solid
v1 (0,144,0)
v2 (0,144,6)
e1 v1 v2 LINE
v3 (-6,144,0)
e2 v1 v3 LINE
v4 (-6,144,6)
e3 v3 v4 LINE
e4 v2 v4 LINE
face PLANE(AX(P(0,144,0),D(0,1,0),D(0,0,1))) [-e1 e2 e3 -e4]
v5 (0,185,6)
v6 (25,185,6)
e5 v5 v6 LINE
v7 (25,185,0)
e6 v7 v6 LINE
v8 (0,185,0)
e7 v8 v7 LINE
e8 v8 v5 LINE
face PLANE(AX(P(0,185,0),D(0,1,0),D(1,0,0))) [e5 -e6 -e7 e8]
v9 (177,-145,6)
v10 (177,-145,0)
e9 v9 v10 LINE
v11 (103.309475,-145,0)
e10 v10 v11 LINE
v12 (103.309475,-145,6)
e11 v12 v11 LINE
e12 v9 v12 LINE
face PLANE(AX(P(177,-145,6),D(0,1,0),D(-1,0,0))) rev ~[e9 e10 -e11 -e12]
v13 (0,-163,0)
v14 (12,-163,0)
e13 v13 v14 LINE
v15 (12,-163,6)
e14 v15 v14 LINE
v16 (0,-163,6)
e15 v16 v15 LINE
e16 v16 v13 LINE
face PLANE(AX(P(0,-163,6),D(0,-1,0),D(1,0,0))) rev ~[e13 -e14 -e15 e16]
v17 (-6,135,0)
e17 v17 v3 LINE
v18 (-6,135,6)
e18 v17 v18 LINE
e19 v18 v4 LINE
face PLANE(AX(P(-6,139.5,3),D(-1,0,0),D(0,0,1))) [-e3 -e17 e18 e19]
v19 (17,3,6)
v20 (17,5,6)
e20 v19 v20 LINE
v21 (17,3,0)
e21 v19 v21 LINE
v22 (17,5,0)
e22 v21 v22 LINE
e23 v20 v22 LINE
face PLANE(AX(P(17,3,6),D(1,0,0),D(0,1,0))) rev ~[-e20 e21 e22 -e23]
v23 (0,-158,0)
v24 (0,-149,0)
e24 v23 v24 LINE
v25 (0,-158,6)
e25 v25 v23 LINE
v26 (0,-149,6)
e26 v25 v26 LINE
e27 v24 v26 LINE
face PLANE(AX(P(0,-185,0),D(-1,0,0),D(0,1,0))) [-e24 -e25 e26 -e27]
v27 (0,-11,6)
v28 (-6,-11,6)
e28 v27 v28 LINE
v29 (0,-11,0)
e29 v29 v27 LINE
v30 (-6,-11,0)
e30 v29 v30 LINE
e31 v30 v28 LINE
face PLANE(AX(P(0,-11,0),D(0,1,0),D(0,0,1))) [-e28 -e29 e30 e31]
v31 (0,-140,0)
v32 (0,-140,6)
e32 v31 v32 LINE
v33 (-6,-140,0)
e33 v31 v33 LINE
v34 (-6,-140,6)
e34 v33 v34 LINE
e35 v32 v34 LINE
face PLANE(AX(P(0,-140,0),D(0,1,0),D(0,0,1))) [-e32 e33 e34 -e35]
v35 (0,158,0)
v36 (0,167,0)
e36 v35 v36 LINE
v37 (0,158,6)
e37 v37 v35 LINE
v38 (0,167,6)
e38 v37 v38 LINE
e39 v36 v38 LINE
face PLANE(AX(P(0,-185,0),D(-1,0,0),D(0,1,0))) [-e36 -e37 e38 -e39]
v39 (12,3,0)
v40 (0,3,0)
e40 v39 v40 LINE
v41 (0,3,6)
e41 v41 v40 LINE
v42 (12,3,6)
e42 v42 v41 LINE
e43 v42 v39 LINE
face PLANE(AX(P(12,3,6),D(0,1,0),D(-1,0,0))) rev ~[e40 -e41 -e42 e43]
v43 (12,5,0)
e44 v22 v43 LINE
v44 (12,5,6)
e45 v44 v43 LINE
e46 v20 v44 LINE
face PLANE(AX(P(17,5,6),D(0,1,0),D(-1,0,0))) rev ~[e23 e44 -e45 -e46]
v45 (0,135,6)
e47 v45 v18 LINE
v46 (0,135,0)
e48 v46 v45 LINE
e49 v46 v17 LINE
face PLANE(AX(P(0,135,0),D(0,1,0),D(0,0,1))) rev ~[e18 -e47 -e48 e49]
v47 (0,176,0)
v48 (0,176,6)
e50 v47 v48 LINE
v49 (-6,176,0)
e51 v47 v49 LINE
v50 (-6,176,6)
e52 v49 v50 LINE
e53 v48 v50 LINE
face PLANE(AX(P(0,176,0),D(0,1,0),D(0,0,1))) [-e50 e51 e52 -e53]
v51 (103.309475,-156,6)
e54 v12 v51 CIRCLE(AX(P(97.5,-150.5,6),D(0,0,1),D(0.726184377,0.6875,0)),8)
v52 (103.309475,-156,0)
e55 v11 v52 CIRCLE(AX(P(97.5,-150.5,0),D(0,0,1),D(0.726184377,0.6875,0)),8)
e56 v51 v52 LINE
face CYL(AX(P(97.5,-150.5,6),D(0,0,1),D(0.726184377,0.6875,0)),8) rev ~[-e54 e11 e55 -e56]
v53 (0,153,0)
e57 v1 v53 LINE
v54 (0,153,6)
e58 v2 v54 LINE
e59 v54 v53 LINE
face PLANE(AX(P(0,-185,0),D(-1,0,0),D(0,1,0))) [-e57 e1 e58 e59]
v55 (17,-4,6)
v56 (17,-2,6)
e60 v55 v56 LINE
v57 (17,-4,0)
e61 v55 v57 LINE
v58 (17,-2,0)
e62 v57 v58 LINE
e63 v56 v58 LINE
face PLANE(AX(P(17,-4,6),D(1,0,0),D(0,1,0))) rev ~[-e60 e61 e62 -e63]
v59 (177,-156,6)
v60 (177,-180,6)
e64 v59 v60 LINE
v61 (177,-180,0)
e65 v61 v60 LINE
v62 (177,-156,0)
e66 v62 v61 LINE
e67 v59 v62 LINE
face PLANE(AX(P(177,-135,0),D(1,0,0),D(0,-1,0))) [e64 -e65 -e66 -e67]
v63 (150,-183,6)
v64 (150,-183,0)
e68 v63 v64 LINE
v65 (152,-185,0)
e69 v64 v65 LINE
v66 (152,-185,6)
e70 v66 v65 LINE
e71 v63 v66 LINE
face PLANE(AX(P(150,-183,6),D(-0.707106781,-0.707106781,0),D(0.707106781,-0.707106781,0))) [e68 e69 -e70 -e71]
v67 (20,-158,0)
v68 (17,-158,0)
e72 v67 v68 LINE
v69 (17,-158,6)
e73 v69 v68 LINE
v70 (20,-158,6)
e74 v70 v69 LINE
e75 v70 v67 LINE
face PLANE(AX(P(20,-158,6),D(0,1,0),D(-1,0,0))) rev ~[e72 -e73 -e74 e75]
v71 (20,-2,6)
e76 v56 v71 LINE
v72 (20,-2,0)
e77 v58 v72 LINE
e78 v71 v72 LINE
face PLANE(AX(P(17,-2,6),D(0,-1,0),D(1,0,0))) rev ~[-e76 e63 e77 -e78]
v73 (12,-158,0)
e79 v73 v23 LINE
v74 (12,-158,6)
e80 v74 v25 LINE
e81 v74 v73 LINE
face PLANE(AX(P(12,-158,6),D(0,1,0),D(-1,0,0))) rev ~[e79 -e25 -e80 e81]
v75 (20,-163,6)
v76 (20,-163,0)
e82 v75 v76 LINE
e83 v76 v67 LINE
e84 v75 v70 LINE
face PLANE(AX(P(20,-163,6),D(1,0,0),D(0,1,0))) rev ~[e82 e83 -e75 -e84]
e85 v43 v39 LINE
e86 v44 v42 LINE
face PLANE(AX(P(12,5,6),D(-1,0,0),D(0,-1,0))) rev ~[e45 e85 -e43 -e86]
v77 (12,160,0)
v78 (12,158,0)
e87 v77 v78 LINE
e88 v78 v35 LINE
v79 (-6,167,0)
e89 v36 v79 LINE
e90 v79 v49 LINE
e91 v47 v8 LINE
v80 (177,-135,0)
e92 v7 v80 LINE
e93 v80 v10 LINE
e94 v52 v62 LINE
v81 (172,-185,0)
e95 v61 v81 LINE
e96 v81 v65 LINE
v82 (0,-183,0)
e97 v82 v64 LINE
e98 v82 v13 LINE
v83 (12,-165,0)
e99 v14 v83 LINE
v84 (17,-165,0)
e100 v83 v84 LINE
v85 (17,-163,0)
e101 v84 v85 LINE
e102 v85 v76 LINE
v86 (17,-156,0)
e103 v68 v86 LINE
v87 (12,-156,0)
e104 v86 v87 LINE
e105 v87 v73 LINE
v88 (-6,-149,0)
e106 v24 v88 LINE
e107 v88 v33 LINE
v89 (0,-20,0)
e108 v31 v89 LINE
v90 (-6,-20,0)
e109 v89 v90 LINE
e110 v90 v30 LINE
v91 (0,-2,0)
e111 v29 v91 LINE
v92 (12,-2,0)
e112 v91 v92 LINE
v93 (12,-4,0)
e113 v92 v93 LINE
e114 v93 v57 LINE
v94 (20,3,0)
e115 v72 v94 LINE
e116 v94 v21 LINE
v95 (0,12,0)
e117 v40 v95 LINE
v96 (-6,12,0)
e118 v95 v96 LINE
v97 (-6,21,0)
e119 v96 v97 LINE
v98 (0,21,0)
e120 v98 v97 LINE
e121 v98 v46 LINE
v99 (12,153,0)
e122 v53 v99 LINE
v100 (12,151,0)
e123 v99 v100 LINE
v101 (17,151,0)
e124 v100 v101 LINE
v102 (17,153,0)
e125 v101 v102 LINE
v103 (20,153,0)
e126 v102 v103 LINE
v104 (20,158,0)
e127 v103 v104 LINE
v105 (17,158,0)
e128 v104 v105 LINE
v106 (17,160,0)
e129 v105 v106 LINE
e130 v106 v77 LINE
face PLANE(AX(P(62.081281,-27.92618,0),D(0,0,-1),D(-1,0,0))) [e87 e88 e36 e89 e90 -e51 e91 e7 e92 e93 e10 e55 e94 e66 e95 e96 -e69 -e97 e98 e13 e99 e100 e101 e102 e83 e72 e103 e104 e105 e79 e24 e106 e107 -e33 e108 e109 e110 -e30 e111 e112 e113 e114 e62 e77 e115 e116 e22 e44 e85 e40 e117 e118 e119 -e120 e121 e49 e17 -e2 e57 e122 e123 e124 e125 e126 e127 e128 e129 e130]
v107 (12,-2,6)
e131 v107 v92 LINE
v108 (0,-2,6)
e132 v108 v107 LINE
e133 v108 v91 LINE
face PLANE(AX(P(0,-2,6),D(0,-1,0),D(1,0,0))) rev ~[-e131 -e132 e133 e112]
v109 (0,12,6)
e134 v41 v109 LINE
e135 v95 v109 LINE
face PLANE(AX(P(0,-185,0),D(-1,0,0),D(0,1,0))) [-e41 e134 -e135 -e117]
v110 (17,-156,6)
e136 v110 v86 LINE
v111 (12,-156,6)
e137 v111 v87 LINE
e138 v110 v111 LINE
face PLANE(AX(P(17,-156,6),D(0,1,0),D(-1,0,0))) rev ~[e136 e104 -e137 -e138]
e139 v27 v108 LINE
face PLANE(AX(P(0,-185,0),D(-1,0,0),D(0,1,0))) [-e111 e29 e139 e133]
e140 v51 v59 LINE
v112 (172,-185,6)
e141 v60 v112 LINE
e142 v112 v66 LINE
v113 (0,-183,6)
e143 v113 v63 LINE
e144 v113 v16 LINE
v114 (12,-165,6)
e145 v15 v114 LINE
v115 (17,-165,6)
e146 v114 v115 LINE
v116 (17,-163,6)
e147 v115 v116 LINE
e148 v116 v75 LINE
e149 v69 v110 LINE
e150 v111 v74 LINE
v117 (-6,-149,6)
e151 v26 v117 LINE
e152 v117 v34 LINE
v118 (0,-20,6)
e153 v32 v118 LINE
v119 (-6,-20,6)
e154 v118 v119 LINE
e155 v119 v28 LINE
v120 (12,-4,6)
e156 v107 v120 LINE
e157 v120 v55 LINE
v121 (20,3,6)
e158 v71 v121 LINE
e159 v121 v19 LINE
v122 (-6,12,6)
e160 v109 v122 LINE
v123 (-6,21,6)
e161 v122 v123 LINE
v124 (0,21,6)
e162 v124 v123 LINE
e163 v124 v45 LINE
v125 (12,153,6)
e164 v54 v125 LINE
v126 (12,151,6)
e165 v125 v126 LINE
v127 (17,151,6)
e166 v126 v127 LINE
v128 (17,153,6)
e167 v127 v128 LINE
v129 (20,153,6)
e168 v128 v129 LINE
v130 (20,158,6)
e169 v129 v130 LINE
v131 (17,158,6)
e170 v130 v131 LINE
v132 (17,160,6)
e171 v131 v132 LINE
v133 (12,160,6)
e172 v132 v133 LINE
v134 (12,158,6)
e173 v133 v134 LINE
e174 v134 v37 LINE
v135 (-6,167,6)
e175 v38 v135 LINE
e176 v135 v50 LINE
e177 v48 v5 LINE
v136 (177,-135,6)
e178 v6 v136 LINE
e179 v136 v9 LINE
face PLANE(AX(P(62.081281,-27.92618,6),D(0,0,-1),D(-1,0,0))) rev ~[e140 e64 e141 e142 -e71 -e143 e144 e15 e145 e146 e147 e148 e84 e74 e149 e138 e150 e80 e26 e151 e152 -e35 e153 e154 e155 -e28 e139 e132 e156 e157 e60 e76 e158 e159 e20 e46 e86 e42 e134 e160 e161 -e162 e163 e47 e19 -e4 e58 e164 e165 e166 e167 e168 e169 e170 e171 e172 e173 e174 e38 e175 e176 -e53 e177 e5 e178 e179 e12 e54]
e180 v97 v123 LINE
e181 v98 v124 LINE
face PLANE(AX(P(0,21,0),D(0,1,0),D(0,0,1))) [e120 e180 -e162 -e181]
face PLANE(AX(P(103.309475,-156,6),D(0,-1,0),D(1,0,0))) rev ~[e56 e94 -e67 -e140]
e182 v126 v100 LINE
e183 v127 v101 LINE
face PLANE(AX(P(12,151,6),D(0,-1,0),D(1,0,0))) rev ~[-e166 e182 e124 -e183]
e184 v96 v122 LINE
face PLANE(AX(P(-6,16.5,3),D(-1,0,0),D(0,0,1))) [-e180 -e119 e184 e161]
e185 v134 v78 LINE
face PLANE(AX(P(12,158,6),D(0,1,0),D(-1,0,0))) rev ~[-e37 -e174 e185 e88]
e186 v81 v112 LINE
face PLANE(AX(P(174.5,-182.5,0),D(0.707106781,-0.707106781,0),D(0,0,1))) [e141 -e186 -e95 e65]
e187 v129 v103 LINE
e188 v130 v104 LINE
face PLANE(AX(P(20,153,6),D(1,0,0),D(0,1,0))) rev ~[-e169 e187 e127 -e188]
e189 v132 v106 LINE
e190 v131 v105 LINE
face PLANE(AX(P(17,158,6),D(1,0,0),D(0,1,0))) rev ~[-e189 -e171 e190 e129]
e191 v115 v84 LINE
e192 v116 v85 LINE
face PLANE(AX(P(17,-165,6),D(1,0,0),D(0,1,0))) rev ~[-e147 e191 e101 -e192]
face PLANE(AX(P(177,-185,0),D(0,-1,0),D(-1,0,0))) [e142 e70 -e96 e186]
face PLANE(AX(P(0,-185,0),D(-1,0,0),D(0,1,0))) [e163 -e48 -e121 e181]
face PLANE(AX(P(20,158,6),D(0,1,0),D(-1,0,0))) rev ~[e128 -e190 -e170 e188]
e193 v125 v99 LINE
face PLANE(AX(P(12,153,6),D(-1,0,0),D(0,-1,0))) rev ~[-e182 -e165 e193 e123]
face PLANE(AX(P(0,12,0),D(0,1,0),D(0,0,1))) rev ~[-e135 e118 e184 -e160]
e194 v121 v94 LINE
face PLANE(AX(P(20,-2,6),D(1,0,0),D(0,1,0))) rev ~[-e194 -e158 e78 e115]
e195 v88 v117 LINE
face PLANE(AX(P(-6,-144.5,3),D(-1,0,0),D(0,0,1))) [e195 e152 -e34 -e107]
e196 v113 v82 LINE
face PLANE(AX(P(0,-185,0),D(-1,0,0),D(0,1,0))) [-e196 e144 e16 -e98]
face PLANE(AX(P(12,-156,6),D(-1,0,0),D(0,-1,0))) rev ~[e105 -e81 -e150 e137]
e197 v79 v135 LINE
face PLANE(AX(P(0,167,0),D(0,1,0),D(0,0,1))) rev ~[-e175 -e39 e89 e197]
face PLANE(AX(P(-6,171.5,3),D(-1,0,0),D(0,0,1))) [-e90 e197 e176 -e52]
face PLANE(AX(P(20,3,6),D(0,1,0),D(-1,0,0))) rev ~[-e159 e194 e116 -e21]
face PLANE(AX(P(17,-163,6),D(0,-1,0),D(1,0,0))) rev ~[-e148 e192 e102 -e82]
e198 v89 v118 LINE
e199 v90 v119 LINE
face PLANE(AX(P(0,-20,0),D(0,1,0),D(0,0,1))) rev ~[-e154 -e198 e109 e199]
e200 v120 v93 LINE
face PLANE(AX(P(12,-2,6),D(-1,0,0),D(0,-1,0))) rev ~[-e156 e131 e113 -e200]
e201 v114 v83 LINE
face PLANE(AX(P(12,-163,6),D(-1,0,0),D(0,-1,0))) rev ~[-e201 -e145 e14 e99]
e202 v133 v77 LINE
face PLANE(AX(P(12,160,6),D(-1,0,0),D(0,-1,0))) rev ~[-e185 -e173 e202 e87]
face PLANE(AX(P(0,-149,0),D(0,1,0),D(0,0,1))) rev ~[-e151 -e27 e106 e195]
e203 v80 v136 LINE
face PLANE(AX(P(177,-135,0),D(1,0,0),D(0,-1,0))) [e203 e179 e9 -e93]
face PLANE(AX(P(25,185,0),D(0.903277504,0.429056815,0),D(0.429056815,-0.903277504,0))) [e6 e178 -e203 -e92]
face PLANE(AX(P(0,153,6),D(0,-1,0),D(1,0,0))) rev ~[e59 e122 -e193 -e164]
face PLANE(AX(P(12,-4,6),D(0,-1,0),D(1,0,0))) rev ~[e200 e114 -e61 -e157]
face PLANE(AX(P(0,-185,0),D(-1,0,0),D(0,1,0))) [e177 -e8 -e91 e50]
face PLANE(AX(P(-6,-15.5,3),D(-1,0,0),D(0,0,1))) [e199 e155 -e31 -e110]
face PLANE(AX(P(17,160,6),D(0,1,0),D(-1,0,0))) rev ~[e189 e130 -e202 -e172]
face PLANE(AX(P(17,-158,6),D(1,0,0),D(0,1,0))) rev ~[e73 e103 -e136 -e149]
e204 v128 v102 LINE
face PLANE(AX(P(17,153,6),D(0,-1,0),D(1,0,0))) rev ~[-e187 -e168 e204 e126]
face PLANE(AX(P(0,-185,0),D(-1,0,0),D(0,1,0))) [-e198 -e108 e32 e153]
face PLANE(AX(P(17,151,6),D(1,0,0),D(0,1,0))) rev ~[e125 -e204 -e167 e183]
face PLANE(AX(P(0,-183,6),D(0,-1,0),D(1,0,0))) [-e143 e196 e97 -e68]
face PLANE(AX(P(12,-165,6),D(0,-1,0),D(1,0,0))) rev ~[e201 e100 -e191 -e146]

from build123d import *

# Parameters (mm, degrees)
DODANIE_WYCI_GNI_CIE1_DEPTH = 6
SFAZOWANIE1_SIZE            = 5
WYTNIJ_WYCI_GNI_CIE1_REACH  = 258.105
WYTNIJ_WYCI_GNI_CIE2_REACH  = 258.105
SZKIC5_W                    = 6
SZKIC5_H                    = 9
DODANIE_WYCI_GNI_CIE3_DEPTH = 6
WYTNIJ_WYCI_GNI_CIE3_REACH  = 258.105


with BuildPart() as part:
    # Szkic1 → Dodanie-wyciągnięcie1 (new body)
    with BuildSketch(Plane.XY):
        Polygon((0, -185), (0, 185), (25, 185), (177, -135), (177, -185), align=None)
    extrude(amount=DODANIE_WYCI_GNI_CIE1_DEPTH)

    # Sfazowanie1
    sfazowanie1_edges = [part.edges().sort_by_distance(p)[0] for p in [
        (177, -185, 3),
    ]]
    chamfer(sfazowanie1_edges, length=SFAZOWANIE1_SIZE)

    # Szkic2 → Wytnij-wyciągnięcie1 (cut, up to next)
    with BuildSketch(Plane.XY.offset(6), mode=Mode.PRIVATE) as wytnij_wyci_gni_cie1_sk1:
        Polygon((0, -183), (150, -183), (152, -185), (0, -185), align=None)
    wytnij_wyci_gni_cie1_tool1 = extrude(wytnij_wyci_gni_cie1_sk1.sketch, amount=-WYTNIJ_WYCI_GNI_CIE1_REACH, mode=Mode.PRIVATE) & part.part
    add(wytnij_wyci_gni_cie1_tool1.solids().sort_by_distance((75.501104, -184.002208, 6))[0], mode=Mode.SUBTRACT)

    # Szkic3 → Wytnij-wyciągnięcie2 (cut, up to next)
    with BuildSketch(Plane.XY.offset(6), mode=Mode.PRIVATE) as wytnij_wyci_gni_cie2_sk1:
        with BuildLine():
            Line((177, -145), (103.309475019, -145))
            ThreePointArc((103.309475019, -145), (89.5, -150.5), (103.309475019, -156))
            Line((103.309475019, -156), (177, -156))
            Line((177, -156), (177, -145))
        make_face()
    wytnij_wyci_gni_cie2_tool1 = extrude(wytnij_wyci_gni_cie2_sk1.sketch, amount=-WYTNIJ_WYCI_GNI_CIE2_REACH, mode=Mode.PRIVATE) & part.part
    add(wytnij_wyci_gni_cie2_tool1.solids().sort_by_distance((132.134709, -150.5, 6))[0], mode=Mode.SUBTRACT)

    # Szkic5 → Dodanie-wyciągnięcie3 (add)
    with BuildSketch(Plane.ZY):
        with Locations((3, 171.5)):
            Rectangle(SZKIC5_W, SZKIC5_H)
        with Locations((3, 139.5)):
            Rectangle(SZKIC5_W, SZKIC5_H)
        with Locations((3, -144.5)):
            Rectangle(SZKIC5_W, SZKIC5_H)
        with Locations((3, -15.5)):
            Rectangle(SZKIC5_W, SZKIC5_H)
        with Locations((3, 16.5)):
            Rectangle(SZKIC5_W, SZKIC5_H)
    extrude(amount=DODANIE_WYCI_GNI_CIE3_DEPTH)

    # Szkic6 → Wytnij-wyciągnięcie3 (cut, up to next)
    with BuildSketch(Plane.XY.offset(6), mode=Mode.PRIVATE) as wytnij_wyci_gni_cie3_sk1:
        Polygon((12, -156), (12, -158), (0, -158), (0, -160.5), (0, -163), (12, -163), (12, -165), (17, -165), (17, -163), (20, -163), (20, -158), (17, -158), (17, -156), align=None)
    wytnij_wyci_gni_cie3_tool1 = extrude(wytnij_wyci_gni_cie3_sk1.sketch, amount=-WYTNIJ_WYCI_GNI_CIE3_REACH, mode=Mode.PRIVATE) & part.part
    # Szkic6 → Wytnij-wyciągnięcie3 (cut, up to next)
    with BuildSketch(Plane.XY.offset(6), mode=Mode.PRIVATE) as wytnij_wyci_gni_cie3_sk2:
        Polygon((12, 3), (0, 3), (0, -2), (12, -2), (12, -4), (17, -4), (17, -2), (20, -2), (20, 3), (17, 3), (17, 5), (12, 5), align=None)
    wytnij_wyci_gni_cie3_tool2 = extrude(wytnij_wyci_gni_cie3_sk2.sketch, amount=-WYTNIJ_WYCI_GNI_CIE3_REACH, mode=Mode.PRIVATE) & part.part
    # Szkic6 → Wytnij-wyciągnięcie3 (cut, up to next)
    with BuildSketch(Plane.XY.offset(6), mode=Mode.PRIVATE) as wytnij_wyci_gni_cie3_sk3:
        Polygon((12, 158), (0, 158), (0, 153), (12, 153), (12, 151), (17, 151), (17, 153), (20, 153), (20, 158), (17, 158), (17, 160), (12, 160), align=None)
    wytnij_wyci_gni_cie3_tool3 = extrude(wytnij_wyci_gni_cie3_sk3.sketch, amount=-WYTNIJ_WYCI_GNI_CIE3_REACH, mode=Mode.PRIVATE) & part.part
    add(wytnij_wyci_gni_cie3_tool1.solids().sort_by_distance((10.75, -160.5, 6))[0], mode=Mode.SUBTRACT)
    add(wytnij_wyci_gni_cie3_tool2.solids().sort_by_distance((10.75, 0.5, 6))[0], mode=Mode.SUBTRACT)
    add(wytnij_wyci_gni_cie3_tool3.solids().sort_by_distance((10.75, 155.5, 6))[0], mode=Mode.SUBTRACT)


solid = part.part
